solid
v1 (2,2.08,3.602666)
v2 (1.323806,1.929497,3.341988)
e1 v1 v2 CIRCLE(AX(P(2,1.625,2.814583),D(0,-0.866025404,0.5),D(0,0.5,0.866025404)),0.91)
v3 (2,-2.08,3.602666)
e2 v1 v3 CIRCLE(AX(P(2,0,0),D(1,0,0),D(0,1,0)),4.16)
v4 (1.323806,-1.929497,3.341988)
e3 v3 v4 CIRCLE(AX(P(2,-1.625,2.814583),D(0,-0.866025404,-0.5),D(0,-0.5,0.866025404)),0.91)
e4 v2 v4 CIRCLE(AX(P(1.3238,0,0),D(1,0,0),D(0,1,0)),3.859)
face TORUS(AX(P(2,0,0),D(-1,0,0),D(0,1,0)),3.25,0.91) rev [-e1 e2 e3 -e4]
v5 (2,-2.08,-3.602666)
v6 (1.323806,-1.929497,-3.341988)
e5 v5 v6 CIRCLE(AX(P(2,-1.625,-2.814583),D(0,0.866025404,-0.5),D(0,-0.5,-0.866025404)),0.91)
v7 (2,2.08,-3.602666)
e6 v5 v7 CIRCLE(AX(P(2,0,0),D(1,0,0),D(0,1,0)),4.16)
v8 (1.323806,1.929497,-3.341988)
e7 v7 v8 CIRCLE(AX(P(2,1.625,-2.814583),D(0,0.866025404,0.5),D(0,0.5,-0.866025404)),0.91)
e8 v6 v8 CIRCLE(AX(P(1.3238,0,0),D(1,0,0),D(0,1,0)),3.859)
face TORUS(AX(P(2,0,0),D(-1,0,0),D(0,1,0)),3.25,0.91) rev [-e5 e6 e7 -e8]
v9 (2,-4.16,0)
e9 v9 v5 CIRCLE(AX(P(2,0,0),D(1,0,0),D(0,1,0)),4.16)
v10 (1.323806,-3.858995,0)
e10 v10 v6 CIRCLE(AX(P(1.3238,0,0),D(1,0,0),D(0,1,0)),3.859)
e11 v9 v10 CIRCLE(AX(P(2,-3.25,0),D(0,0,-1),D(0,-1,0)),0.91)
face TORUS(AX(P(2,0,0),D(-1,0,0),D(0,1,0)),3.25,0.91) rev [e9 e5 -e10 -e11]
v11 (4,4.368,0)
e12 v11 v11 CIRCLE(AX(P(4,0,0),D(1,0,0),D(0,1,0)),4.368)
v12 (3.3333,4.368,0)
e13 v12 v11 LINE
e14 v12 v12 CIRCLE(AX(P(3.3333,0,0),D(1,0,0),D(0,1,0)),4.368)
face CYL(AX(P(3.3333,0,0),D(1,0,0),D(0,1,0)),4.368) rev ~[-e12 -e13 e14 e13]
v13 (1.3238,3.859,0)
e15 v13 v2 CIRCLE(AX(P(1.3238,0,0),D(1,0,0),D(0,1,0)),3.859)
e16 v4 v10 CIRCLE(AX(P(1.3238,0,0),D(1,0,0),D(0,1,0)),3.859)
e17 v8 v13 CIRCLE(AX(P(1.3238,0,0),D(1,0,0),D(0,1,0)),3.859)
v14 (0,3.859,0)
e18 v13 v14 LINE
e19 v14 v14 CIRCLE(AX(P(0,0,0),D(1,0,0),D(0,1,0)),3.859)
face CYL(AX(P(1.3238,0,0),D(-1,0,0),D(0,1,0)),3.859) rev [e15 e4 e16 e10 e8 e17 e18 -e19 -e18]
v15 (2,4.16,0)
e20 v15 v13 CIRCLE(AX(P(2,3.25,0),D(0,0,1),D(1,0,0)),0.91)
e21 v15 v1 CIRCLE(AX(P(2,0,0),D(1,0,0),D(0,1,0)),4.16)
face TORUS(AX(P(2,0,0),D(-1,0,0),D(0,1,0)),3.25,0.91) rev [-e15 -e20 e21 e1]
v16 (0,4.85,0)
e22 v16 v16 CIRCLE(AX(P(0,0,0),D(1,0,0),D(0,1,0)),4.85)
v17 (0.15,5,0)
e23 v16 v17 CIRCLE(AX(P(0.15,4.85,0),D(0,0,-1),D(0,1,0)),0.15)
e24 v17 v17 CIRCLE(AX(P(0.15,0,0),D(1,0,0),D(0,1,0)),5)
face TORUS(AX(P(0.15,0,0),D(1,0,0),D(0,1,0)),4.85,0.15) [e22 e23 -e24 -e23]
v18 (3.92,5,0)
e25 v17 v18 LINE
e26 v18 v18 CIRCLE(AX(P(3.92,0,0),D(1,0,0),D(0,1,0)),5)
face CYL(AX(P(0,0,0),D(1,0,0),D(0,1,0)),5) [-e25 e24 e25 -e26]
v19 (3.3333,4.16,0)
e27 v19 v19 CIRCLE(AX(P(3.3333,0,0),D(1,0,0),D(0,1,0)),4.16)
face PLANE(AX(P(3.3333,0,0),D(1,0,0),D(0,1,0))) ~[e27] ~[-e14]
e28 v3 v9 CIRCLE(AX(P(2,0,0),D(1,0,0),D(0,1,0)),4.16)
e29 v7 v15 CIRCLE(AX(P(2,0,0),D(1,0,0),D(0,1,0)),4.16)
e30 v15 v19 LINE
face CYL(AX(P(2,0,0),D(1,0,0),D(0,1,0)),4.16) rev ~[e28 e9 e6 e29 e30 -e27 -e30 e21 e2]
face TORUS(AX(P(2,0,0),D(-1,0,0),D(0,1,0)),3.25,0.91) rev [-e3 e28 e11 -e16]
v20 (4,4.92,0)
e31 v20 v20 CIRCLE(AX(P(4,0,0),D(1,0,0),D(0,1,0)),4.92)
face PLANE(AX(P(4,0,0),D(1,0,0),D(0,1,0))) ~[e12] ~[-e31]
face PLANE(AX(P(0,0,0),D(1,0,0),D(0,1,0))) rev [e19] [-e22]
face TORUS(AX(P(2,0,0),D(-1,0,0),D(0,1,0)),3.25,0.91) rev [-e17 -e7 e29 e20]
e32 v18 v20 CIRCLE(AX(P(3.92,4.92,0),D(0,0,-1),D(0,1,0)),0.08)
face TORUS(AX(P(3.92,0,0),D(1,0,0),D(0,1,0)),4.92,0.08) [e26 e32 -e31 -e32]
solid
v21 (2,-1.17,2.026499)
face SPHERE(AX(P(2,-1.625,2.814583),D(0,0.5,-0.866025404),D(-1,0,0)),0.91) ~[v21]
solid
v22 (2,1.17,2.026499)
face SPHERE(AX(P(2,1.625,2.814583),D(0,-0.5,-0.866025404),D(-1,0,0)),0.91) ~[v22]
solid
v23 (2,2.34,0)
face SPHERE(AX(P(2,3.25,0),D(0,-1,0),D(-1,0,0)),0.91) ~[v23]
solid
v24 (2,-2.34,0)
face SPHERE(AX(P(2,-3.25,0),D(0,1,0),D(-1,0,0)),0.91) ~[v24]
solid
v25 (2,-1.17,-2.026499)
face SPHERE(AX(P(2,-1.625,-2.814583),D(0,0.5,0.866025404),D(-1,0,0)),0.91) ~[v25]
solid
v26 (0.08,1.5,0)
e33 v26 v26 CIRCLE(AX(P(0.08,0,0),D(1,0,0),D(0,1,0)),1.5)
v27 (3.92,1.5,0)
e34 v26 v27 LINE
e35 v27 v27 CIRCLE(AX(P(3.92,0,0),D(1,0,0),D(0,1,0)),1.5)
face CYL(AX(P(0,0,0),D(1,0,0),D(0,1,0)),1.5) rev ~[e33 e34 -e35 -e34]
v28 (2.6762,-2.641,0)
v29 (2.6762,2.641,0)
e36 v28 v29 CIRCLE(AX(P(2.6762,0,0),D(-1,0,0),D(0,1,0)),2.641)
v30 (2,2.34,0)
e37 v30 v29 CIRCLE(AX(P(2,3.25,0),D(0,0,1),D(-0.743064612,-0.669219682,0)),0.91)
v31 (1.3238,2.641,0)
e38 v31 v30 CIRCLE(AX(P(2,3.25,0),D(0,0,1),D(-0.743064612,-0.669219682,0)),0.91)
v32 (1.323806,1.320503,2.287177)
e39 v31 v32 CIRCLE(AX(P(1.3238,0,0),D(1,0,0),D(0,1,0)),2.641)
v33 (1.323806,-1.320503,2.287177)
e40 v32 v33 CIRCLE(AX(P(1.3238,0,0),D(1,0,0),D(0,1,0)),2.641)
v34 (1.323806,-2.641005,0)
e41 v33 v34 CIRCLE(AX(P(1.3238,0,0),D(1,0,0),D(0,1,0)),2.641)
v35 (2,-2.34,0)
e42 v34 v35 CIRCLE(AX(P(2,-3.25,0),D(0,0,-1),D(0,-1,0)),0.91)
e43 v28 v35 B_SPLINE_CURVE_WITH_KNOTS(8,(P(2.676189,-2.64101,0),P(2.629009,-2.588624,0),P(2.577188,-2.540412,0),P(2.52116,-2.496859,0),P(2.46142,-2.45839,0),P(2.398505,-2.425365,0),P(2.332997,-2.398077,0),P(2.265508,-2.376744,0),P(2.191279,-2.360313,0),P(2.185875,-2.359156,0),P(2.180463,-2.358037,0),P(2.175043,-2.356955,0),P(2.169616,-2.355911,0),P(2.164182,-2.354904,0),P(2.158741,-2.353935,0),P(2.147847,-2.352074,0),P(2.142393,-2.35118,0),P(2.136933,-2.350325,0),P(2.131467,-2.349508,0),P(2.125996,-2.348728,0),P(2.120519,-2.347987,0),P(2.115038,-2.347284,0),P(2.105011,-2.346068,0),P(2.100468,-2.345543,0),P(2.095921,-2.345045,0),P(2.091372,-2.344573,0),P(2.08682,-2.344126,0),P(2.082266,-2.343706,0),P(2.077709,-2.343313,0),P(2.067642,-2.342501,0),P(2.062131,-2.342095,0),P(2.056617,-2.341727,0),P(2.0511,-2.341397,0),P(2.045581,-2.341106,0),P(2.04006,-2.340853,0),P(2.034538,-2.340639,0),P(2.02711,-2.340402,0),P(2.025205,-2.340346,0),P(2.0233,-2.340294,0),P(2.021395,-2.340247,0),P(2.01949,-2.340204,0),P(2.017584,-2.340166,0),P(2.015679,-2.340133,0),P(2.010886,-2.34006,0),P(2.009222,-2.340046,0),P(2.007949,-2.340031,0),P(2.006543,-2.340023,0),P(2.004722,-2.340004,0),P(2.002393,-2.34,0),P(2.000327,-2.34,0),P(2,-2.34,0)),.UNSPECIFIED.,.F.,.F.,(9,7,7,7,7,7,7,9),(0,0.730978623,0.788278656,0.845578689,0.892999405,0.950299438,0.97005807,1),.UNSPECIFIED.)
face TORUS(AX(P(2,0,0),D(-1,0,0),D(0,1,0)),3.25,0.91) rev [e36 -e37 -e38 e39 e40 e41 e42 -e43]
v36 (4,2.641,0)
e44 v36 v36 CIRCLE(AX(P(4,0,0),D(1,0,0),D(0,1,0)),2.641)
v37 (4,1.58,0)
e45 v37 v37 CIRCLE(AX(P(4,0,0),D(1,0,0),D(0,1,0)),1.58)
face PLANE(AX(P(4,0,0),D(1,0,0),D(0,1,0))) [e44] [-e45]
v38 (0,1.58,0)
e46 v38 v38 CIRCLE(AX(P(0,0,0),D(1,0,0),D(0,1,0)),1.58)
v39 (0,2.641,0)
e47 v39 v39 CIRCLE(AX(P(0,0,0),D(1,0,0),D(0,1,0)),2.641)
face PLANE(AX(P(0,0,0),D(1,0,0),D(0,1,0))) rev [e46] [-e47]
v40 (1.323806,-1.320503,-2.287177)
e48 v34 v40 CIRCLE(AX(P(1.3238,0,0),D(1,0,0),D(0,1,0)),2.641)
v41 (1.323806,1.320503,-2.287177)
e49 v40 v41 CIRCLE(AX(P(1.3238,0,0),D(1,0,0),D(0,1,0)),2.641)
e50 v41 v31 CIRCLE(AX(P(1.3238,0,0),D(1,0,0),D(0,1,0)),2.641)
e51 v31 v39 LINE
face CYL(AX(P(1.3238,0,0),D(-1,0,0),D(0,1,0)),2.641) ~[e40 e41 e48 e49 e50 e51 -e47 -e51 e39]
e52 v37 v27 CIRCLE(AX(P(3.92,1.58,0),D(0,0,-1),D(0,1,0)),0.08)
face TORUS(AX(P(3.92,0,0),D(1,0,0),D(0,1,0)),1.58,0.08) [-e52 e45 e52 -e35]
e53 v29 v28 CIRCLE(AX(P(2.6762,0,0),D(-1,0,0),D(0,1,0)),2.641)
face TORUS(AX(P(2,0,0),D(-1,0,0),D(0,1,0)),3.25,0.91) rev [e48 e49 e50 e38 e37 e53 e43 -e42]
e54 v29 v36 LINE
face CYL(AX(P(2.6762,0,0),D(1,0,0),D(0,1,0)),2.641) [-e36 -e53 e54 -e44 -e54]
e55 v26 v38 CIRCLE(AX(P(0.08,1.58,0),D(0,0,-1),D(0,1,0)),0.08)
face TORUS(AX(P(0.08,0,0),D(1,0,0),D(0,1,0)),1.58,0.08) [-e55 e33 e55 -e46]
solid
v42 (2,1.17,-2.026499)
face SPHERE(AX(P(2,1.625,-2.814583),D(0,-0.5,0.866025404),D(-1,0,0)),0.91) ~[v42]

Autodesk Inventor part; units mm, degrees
ref_plane "YZ Plane" through (0, 0, 0) normal (1, 0, 0) x (0, 1, 0)
ref_plane "XZ Plane" through (0, 0, 0) normal (0, 1, 0) x (-1, 0, 0)
ref_plane "XY Plane" through (0, 0, 0) normal (0, 0, 1) x (1, 0, 0)
sketch "Sketch" plane through (0, 0, 0) normal (0, 0, 1) x (1, 0, 0)
  circle A0 centre (2, 3.25) radius 0.91
  line L0 (1.09, 3.25) -> (2.91, 3.25)
  line L1 (2, 2.34) -> (2, 4.16)
  line L2 (1.3238, 2.641) -> (0, 2.641)
  line L3 (0, 1.5) -> (4, 1.5)
  line L4 (2.6762, 2.641) -> (4, 2.641)
  line L5 (4, 2.641) -> (4, 1.5)
  line L6 (1.3238, 3.859) -> (0, 3.859)
  line L7 (0, 5) -> (4, 5)
  line L8 (2, 4.16) -> (3.3333, 4.16)
  line L9 (3.3333, 4.16) -> (3.3333, 4.368)
  line L10 (3.3333, 4.368) -> (4, 4.368)
  line L11 (4, 4.368) -> (4, 5)
  line L12 (-0.8, 0) -> (4.8, 0) projected
  line L13 (0, 0.8) -> (0, 5.7) projected
  dimension "d0" = 1.82
  dimension "d8" = 3
  dimension "d9" = 6.5
  dimension "d10" = 10
  dimension "d11" = 8.736
  dimension "d12" = 5.282
  dimension "d13" = 4
  dimension "d14" = 4
  dimension "d15" = 3.3333
  dimension "d16" = 2
revolve "Body" add sketch "Sketch" angle 360 about axis through (-10, 0, 0) along (1, 0, 0) contours A0 L6 L13 L7 L11 L10 L9 L8 | L4 L5 L3 L13 L2 A0
fillet "Fillet1" radius 0.15 1 edges at (0, -5, 0)
fillet "Fillet1" radius 0.08 3 edges at (4, -5, 0) (0, -1.5, 0) (4, -1.5, 0)
revolve "Ball" add sketch "Sketch" angle 360 about axis through (2, 2.34, 0) along (0, 1, 0) picked at (1.5068, 3.5954) picked at (1.5068, 2.9046) contours L1 L0 A0 | L1 A0 L0
pattern_circular "Balls" count 6 over 360 about axis through (-10, 0, 0) along (1, 0, 0) of "Ball"
equation "\"d0\" = -0.26 * WD + 0.26 * BD"
equation "\"d8\" = WD"
equation "\"d9\" = 0.5 * WD + 0.5 * BD"
equation "\"d10\" = BD"
equation "\"d11\" = ND"
equation "\"d12\" = 0.326 * BD + 0.674 * WD"
equation "\"d13\" = KB"
equation "\"d14\" = KAB"
equation "\"d15\" = KAB - NBR"
equation "\"d16\" = 0.5 * KB"
equation "\"d1\" = KRS"
equation "\"d2\" = KR1S"
equation "\"WD\" = 3"
equation "\"BD\" = 10"
equation "\"KB\" = 4"
equation "\"KR1S\" = 0.08"
equation "\"ND\" = 0.252 * WD + 0.798 * BD"
equation "\"NBR\" = 0.166667 * KAB"
equation "\"KAB\" = 4"
equation "\"KRS\" = 0.15"
equation "\"WR\" = 0.5 * WD"
equation "\"KB1\" = KAB"
equation "\"BBA\" = 15deg"
equation "\"BR\" = 0.5 * BD"
properties part number "Rolling bearing 70000B S723 GB/T 292-94" material "Steel, Mild"
